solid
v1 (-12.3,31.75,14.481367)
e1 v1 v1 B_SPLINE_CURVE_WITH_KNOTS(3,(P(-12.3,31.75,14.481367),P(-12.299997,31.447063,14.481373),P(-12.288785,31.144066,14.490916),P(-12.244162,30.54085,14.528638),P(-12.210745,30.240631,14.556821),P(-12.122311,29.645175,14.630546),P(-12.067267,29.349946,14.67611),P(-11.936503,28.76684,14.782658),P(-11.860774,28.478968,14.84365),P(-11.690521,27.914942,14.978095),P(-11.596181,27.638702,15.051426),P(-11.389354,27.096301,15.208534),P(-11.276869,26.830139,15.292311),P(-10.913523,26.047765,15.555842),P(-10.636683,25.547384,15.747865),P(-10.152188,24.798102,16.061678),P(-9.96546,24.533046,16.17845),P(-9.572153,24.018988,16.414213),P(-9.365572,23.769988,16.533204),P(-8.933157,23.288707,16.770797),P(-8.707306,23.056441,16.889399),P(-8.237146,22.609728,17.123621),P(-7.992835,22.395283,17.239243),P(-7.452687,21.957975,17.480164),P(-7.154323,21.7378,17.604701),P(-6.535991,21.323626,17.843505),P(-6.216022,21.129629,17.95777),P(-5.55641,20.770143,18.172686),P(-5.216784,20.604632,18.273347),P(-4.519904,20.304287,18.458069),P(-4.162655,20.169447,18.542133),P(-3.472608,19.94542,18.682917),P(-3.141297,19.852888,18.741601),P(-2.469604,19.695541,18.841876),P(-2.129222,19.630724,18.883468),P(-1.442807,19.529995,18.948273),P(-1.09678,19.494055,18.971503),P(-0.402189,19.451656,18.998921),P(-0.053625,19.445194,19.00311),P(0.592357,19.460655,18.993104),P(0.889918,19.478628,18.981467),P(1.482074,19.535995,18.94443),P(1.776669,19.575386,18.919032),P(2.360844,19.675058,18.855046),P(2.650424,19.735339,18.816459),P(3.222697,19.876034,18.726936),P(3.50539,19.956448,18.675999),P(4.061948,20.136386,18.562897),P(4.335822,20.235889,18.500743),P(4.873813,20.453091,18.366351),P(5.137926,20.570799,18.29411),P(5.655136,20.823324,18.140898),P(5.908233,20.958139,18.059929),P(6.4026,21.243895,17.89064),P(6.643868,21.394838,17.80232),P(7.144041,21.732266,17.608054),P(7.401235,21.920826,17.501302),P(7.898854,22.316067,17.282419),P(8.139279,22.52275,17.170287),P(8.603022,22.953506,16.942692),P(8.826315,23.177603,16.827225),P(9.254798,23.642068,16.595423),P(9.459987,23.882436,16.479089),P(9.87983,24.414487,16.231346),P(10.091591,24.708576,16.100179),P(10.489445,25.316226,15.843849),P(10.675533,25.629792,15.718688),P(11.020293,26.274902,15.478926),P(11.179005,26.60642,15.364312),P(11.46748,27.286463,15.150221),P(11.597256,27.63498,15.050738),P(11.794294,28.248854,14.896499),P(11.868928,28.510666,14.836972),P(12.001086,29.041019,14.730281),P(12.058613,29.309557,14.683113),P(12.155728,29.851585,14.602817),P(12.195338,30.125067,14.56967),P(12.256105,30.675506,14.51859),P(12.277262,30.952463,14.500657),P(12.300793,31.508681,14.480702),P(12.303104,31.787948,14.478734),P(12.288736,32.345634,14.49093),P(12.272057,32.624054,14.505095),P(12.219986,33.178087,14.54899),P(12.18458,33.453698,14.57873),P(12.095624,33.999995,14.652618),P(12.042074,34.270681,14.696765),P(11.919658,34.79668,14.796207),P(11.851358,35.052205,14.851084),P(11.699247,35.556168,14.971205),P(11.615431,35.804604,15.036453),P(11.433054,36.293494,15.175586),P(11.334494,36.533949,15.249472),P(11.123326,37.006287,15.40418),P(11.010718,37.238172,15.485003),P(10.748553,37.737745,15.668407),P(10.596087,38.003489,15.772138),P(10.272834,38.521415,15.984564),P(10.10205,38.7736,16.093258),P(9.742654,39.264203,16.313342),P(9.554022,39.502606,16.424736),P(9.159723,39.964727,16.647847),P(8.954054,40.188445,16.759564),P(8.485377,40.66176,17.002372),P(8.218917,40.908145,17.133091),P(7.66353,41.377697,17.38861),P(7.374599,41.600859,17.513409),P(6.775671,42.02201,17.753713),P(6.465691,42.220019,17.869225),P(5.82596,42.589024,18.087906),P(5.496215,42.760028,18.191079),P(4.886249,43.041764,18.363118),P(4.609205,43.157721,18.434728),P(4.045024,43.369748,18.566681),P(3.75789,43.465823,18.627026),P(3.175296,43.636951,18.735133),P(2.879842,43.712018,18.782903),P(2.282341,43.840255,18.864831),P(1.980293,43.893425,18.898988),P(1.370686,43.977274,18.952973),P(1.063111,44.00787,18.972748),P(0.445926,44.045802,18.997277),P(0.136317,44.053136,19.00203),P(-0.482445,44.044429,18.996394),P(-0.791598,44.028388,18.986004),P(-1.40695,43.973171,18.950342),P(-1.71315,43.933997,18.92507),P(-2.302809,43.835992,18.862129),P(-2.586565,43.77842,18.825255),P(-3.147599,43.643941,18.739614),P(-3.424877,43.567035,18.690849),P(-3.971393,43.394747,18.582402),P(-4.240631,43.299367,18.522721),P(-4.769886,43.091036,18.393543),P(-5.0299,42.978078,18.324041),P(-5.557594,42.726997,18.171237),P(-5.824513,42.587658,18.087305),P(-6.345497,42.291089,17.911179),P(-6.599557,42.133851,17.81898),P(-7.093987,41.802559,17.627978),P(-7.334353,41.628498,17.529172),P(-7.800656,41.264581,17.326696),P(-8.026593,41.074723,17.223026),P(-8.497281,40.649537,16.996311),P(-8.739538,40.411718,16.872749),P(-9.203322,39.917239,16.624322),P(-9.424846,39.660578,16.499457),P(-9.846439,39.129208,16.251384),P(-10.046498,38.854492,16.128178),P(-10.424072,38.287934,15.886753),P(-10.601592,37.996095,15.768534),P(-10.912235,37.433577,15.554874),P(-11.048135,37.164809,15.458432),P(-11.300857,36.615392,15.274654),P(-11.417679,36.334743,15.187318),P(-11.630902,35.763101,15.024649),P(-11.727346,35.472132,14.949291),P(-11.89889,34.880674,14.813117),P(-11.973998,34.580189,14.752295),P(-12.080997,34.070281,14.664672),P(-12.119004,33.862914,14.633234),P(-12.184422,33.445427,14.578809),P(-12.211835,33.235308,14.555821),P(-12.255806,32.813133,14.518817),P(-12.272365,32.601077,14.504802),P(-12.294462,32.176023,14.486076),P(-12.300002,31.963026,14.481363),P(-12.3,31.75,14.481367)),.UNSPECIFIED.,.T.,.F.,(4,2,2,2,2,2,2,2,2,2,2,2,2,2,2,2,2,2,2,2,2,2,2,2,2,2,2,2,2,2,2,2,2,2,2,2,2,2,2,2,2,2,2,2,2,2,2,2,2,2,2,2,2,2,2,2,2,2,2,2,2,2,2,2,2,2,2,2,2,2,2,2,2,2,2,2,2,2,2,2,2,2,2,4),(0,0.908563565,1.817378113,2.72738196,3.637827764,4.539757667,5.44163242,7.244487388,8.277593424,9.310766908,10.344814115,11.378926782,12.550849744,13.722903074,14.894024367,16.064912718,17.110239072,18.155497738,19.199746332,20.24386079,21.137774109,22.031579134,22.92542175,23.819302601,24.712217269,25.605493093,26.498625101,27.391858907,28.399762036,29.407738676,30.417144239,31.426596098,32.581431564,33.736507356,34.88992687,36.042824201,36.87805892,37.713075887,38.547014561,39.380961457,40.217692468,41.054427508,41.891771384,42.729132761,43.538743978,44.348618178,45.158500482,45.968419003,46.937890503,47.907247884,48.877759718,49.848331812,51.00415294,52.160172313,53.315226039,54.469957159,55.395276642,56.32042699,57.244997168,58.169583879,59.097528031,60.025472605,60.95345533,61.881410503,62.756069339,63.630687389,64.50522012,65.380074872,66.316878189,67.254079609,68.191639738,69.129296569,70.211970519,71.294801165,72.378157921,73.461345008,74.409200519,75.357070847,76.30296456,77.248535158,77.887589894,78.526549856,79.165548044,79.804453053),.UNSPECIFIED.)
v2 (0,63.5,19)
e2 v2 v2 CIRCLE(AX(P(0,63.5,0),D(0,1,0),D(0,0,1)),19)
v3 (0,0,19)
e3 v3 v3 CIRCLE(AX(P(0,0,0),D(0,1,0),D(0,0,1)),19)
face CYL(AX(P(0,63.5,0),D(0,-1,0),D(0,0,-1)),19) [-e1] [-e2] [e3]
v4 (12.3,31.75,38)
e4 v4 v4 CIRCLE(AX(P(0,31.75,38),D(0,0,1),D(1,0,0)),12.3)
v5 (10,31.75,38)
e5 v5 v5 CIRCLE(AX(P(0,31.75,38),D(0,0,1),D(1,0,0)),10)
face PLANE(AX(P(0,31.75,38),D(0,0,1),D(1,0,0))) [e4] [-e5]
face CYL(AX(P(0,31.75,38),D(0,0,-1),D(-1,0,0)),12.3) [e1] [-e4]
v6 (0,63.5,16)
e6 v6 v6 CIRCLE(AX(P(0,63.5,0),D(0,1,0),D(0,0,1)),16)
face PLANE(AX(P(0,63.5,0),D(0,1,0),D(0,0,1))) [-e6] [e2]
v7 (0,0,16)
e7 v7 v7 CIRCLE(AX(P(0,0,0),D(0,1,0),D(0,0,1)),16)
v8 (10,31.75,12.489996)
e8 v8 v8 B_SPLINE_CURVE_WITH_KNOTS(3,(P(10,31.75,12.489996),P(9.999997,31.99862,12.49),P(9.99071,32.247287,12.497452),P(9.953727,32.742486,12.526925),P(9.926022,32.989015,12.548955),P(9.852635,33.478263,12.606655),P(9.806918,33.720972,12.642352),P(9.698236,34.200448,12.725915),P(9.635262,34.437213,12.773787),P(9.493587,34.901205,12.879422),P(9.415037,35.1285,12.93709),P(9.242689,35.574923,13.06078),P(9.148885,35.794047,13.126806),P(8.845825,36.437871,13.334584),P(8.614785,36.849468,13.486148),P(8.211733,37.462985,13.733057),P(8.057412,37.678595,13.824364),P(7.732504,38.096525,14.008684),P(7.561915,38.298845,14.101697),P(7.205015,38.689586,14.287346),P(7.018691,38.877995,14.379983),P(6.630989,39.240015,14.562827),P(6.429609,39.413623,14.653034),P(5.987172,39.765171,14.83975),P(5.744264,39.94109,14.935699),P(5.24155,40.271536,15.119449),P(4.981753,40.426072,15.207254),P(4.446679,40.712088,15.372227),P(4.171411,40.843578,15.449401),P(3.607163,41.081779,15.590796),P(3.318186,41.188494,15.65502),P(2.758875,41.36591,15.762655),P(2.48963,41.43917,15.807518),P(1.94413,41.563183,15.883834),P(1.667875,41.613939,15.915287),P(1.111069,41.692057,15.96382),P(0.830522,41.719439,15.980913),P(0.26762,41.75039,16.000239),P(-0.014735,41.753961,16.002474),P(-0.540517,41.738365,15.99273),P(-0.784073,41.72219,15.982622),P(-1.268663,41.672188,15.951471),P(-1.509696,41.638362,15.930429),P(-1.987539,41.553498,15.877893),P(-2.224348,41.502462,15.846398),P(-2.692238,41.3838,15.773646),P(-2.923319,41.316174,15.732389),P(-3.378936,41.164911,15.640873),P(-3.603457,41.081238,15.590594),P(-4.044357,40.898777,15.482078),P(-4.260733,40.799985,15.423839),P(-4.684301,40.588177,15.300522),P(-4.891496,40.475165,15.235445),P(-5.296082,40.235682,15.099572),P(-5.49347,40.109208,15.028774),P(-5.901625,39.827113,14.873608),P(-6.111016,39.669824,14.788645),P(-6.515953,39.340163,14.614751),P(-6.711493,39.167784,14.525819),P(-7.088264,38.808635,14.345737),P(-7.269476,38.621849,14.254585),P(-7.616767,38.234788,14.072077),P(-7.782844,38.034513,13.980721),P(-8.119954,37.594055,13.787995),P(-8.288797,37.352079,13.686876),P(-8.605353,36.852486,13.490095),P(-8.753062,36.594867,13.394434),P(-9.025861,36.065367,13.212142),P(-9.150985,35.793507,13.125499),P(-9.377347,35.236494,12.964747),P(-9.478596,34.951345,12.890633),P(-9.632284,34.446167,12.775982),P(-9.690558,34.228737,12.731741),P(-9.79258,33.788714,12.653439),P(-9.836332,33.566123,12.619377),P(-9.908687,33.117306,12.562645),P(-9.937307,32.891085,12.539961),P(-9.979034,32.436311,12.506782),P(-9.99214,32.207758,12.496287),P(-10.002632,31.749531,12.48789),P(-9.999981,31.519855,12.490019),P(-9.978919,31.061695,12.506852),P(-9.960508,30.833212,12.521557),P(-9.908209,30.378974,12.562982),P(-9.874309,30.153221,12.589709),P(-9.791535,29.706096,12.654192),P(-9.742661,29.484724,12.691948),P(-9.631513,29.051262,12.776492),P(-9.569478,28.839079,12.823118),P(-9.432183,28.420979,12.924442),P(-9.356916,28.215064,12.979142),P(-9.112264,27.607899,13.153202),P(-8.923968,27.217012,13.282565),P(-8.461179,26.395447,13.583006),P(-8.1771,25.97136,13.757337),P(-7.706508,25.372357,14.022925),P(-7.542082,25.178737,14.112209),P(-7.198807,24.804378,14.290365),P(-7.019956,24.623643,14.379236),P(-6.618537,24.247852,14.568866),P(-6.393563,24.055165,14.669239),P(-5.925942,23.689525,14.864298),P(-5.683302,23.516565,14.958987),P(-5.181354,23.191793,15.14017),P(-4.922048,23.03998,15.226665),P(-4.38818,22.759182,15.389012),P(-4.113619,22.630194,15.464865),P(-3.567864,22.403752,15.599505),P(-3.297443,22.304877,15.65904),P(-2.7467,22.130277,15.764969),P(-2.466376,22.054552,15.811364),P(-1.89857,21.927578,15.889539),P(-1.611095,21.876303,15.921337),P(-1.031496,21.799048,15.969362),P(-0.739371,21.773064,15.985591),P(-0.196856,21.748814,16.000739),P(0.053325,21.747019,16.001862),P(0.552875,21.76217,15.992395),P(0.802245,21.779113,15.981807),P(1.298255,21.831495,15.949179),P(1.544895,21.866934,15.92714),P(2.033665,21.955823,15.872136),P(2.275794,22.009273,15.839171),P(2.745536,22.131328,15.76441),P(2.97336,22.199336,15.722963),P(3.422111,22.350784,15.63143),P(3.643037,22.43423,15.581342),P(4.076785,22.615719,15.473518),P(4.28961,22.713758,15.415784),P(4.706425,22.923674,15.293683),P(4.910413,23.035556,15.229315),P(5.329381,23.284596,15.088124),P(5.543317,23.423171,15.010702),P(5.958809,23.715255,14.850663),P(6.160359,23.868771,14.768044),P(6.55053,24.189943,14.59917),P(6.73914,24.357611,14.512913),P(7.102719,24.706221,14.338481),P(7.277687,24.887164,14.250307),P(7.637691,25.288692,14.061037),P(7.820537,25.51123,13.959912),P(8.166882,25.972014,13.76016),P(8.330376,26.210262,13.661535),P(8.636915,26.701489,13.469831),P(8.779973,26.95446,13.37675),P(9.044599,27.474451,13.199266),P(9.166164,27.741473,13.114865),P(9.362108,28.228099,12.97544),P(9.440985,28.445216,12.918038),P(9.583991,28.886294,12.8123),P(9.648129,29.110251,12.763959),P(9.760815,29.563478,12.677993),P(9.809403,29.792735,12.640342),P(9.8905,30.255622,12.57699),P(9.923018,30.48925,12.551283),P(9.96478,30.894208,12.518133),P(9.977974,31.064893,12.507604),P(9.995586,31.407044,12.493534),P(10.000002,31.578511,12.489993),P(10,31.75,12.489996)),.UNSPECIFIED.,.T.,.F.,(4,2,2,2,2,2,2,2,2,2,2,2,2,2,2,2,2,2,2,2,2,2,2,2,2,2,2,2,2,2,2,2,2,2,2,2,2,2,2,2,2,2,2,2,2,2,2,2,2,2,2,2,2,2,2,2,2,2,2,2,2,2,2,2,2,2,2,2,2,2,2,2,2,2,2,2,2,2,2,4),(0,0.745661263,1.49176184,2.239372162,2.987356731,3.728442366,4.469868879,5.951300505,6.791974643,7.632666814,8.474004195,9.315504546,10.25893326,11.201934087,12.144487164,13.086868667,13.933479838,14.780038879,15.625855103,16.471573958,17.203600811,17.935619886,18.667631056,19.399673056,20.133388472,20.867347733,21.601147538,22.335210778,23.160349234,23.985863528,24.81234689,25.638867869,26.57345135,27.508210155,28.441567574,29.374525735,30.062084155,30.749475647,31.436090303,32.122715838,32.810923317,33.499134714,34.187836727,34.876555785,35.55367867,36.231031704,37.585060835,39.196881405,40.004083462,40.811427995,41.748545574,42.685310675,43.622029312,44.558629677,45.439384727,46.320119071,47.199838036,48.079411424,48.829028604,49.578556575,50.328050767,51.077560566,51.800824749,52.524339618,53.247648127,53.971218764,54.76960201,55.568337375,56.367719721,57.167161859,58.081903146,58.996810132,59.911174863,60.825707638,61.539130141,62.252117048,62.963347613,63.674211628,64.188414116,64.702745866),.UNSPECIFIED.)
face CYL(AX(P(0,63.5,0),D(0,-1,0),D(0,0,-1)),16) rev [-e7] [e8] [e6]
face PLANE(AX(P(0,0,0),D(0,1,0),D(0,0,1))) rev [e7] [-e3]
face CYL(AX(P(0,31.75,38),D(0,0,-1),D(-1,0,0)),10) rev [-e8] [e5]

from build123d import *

# Parameters (mm, degrees)
SKETCH_1_R          = 19
SKETCH_1_R_2        = 16
EXTRUDE_1_DEPTH     = 63.5
SKETCH_2_R          = 12.3
SKETCH_2_R_2        = 10
EXTRUDE_2_DEPTH     = 38
SKETCH_3_R          = 16
CUT_EXTRUDE_1_DEPTH = 64.5000001
CUT_EXTRUDE_2_REACH = 59
SKETCH_7_R          = 10


with BuildPart() as part:
    # 草图1 → 凸台-拉伸1 (new body)
    with BuildSketch(Plane(origin=(0, 0, 0), x_dir=(1, 0, 0), z_dir=(0, 1, 0))):
        Circle(SKETCH_1_R)
        Circle(SKETCH_1_R_2, mode=Mode.SUBTRACT)
    extrude(amount=EXTRUDE_1_DEPTH)

    # 草图2 → 凸台-拉伸2 (add)
    with BuildSketch(Plane.XY):
        with Locations((0, 31.75)):
            Circle(SKETCH_2_R)
        with Locations((0, 31.75)):
            Circle(SKETCH_2_R_2, mode=Mode.SUBTRACT)
    extrude(amount=EXTRUDE_2_DEPTH)

    # 草图3 → 切除-拉伸1 (cut, through all)
    with BuildSketch(Plane.XZ):
        Circle(SKETCH_3_R)
    extrude(amount=-CUT_EXTRUDE_1_DEPTH, mode=Mode.SUBTRACT)

    # 草图7 → 切除-拉伸2 (cut, up to next)
    with BuildSketch(Plane.XY.offset(38), mode=Mode.PRIVATE) as cut_extrude_2_sk1:
        with Locations((0, 31.75)):
            Circle(SKETCH_7_R)
    cut_extrude_2_tool1 = extrude(cut_extrude_2_sk1.sketch, amount=-CUT_EXTRUDE_2_REACH, mode=Mode.PRIVATE) & part.part
    add(cut_extrude_2_tool1.solids().sort_by_distance((0, 31.75, 38))[0], mode=Mode.SUBTRACT)


solid = part.part
